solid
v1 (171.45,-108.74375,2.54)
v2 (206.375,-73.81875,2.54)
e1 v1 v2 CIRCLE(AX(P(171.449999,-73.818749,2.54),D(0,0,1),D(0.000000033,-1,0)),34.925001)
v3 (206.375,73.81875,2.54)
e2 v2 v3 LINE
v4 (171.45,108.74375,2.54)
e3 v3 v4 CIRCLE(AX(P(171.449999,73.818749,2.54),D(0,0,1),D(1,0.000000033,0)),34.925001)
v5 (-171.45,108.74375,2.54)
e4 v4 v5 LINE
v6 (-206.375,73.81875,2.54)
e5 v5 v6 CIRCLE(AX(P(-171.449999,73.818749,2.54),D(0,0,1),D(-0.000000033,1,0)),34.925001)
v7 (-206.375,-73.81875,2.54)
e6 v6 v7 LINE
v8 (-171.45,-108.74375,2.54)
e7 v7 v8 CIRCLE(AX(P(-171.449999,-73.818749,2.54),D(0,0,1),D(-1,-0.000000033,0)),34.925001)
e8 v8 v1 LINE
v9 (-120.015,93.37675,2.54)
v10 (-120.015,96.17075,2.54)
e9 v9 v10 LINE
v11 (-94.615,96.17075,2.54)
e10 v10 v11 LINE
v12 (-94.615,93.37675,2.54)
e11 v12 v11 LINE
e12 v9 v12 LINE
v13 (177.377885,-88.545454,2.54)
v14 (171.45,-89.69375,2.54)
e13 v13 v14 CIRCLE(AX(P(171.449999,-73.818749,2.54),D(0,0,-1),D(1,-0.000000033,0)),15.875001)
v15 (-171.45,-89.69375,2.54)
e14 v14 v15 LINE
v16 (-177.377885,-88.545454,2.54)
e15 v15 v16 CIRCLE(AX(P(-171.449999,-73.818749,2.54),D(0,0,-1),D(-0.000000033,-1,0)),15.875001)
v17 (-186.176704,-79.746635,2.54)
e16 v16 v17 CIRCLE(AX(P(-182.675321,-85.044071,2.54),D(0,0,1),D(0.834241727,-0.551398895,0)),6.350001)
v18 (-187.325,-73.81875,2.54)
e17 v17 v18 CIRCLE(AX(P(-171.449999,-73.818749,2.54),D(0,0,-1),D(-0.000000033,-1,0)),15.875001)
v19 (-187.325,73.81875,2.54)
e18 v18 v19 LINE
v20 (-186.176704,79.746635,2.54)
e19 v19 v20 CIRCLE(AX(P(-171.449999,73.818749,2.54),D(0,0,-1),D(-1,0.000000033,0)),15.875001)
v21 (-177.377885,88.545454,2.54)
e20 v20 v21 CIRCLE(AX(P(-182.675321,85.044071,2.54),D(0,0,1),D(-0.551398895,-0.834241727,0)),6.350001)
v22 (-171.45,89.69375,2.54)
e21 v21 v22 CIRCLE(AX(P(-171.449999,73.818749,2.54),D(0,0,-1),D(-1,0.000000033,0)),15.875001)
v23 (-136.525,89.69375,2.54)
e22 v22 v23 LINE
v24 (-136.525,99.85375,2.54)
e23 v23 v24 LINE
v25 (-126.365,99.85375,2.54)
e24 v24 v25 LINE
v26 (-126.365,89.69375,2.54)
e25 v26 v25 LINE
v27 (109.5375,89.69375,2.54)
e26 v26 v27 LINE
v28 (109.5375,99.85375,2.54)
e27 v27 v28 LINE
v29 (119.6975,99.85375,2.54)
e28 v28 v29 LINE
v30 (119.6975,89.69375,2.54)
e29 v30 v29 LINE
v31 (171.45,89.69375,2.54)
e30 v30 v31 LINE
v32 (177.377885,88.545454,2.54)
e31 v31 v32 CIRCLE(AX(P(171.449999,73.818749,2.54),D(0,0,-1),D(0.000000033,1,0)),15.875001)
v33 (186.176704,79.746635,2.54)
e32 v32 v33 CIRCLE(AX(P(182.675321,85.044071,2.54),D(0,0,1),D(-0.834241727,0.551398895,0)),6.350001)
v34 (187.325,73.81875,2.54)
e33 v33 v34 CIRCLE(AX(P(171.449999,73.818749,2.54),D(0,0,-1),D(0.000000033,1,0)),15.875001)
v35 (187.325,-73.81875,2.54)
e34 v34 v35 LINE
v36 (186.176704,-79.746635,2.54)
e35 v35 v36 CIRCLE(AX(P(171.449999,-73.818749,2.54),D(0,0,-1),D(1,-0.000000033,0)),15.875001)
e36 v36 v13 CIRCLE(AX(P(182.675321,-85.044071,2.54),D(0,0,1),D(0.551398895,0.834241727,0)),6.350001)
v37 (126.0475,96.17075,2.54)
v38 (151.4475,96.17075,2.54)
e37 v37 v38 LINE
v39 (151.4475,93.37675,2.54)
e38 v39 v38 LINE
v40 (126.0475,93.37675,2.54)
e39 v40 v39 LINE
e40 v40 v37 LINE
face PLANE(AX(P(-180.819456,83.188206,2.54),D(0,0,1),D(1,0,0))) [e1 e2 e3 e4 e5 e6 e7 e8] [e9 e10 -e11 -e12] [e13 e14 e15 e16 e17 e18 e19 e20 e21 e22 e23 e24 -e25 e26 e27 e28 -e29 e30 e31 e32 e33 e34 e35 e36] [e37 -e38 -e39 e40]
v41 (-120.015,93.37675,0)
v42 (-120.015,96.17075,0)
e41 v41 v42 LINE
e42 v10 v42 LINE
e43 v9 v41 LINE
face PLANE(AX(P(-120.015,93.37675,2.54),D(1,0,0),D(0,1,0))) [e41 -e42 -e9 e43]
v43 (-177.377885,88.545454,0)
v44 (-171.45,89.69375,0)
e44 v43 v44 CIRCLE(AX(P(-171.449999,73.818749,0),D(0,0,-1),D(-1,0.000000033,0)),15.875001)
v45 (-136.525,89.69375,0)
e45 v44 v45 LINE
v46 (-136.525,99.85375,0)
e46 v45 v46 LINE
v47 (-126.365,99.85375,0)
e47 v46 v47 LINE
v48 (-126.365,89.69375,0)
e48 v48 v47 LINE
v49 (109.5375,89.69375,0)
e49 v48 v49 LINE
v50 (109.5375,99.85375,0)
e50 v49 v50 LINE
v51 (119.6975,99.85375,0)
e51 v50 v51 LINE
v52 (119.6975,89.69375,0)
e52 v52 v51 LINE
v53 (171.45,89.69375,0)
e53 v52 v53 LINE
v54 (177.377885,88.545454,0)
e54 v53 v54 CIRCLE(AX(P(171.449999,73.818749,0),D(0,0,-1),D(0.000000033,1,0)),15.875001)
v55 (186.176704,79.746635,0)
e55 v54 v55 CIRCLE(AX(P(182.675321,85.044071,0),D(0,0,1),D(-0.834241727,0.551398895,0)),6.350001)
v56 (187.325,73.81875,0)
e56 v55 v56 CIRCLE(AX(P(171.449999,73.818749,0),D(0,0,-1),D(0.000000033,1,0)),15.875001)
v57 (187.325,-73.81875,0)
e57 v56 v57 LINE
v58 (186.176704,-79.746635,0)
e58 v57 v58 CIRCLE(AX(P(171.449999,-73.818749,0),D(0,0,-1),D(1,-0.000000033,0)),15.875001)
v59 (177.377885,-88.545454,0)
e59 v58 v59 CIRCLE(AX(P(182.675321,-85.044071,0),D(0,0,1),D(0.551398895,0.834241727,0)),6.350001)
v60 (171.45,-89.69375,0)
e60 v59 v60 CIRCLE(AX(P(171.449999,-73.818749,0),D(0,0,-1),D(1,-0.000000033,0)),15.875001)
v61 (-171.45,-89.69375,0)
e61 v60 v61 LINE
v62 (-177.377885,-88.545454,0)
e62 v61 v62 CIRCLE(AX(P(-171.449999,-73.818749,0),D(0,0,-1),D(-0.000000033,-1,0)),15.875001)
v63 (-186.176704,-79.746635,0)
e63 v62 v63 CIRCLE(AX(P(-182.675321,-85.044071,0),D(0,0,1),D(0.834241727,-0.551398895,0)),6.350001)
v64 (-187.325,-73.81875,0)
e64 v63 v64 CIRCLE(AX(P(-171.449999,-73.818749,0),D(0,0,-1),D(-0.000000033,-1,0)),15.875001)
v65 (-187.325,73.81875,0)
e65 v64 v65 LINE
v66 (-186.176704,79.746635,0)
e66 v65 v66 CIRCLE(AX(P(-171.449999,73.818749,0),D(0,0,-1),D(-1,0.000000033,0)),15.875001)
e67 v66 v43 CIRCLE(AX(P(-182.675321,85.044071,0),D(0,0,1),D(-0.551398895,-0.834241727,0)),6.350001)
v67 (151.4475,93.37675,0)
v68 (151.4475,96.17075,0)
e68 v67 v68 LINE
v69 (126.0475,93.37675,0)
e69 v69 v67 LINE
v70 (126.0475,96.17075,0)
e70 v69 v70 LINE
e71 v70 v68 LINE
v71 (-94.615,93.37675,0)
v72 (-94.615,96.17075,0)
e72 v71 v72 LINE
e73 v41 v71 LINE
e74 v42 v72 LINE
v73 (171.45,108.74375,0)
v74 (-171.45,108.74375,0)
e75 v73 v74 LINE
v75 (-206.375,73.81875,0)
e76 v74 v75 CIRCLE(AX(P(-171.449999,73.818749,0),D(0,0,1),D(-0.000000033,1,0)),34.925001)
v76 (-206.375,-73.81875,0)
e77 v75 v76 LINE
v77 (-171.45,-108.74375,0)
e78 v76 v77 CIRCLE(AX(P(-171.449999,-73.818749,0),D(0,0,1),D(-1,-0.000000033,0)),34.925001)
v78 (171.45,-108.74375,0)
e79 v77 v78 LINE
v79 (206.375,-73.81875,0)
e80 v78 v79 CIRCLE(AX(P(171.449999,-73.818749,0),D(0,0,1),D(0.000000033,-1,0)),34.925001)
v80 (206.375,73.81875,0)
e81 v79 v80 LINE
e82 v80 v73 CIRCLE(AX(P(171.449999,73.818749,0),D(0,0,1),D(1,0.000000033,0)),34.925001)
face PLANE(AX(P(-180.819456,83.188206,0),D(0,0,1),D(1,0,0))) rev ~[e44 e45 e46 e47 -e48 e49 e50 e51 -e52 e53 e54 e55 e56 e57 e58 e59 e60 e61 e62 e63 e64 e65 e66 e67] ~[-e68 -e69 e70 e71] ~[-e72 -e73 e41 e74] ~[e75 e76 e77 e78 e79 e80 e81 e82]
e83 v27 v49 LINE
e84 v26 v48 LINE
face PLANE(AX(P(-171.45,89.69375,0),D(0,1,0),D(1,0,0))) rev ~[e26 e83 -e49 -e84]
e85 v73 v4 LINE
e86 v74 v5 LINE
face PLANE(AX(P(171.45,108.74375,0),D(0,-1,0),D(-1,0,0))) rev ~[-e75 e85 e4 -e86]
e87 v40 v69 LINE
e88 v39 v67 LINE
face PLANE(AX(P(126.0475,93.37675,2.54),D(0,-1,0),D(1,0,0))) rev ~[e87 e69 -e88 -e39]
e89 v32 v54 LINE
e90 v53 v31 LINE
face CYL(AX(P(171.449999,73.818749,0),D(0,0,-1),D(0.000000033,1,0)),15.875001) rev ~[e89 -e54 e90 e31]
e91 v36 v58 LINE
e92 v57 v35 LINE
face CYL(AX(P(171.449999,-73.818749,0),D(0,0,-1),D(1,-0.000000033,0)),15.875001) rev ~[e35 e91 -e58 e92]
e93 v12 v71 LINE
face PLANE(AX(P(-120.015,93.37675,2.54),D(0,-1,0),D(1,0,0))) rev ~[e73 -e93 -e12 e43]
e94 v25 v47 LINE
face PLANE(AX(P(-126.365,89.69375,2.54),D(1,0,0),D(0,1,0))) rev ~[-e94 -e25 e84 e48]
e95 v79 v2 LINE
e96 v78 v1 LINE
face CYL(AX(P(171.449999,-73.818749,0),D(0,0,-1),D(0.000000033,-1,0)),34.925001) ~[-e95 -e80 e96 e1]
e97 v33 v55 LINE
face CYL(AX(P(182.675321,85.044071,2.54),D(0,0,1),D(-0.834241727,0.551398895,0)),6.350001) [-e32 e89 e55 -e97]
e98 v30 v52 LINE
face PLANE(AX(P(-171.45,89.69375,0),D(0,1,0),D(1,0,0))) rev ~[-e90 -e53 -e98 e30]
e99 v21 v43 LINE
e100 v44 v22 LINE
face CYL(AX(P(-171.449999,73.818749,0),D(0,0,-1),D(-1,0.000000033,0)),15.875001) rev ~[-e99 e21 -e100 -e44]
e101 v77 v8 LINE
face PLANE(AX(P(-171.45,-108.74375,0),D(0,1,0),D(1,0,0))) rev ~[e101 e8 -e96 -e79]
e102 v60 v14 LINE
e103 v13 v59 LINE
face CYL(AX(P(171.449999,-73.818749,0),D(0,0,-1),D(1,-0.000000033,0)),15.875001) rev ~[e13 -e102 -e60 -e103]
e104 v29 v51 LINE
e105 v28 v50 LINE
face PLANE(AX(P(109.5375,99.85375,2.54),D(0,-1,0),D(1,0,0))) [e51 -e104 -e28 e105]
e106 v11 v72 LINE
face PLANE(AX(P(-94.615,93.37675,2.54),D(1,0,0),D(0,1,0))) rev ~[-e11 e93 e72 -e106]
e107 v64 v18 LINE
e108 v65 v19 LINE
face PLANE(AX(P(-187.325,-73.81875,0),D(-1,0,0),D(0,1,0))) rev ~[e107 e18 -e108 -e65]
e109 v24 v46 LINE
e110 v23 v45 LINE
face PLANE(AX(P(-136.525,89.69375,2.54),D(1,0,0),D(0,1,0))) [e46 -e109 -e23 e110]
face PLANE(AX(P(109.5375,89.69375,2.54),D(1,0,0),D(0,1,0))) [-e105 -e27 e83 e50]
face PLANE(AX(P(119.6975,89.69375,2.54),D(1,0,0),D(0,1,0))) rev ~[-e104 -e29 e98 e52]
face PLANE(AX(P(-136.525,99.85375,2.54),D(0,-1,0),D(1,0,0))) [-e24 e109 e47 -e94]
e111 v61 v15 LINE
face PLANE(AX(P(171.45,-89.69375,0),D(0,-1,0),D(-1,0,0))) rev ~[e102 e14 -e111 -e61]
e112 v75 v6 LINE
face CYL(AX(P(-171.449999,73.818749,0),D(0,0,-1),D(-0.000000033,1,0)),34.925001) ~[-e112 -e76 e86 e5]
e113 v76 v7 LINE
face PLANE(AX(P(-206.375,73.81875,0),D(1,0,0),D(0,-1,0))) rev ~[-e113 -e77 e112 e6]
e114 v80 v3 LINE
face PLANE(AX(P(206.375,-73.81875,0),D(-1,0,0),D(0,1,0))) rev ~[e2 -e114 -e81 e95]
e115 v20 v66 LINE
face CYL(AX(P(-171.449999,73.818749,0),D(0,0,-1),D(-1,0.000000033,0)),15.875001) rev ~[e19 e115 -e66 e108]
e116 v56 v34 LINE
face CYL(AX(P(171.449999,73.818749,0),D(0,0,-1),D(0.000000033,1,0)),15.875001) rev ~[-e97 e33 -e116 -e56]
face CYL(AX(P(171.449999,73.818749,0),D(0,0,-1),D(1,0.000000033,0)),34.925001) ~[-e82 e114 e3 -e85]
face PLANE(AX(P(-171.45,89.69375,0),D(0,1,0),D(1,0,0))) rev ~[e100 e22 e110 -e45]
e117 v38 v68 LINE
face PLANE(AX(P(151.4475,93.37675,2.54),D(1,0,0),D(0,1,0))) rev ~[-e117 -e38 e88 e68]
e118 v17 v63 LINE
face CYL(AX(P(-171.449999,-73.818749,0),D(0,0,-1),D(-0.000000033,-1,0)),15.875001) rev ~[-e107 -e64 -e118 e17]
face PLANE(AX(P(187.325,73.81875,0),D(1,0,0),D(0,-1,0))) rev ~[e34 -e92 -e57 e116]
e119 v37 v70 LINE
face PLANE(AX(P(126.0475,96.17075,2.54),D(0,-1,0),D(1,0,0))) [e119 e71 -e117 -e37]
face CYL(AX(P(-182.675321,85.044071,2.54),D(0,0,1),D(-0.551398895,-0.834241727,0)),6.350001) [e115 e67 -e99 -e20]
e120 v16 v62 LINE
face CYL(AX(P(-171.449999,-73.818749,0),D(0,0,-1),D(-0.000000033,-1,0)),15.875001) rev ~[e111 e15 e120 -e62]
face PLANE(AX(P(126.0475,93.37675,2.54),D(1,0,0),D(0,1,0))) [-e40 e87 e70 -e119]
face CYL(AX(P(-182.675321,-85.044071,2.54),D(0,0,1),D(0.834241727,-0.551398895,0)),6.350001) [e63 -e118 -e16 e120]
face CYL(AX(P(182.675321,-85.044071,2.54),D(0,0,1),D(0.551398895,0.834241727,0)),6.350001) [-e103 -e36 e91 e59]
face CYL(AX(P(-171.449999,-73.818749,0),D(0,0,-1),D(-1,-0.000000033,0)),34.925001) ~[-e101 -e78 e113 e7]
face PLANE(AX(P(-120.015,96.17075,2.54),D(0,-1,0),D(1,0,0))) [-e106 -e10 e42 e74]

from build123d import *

# Parameters (mm, degrees)
F1_DEPTH = 2.54
F2_W     = 10.16
F2_H     = 10.16
F3_DEPTH = 2.54
F5_DEPTH = 2.54
F6_W     = 25.4
F6_H     = 2.794
F7_DEPTH = 25.4


with BuildPart() as f1:
    # F0 (on Top) → F1 (new body)
    with BuildSketch(Plane.XY):
        with BuildLine():
            Line((206.375, -73.81875), (206.375, 73.81875))
            ThreePointArc((206.375, 73.81875), (196.145704, 98.514454), (171.45, 108.74375))
            Line((171.45, 108.74375), (-171.45, 108.74375))
            ThreePointArc((-171.45, 108.74375), (-196.145704, 98.514454), (-206.375, 73.81875))
            Line((-206.375, 73.81875), (-206.375, -73.81875))
            ThreePointArc((-206.375, -73.81875), (-196.145704, -98.514454), (-171.45, -108.74375))
            Line((-171.45, -108.74375), (171.45, -108.74375))
            ThreePointArc((171.45, -108.74375), (196.145704, -98.514454), (206.375, -73.81875))
        make_face()
        with BuildLine():
            ThreePointArc((187.325, -73.81875), (182.67532, -85.04407), (171.45, -89.69375))
            Line((171.45, -89.69375), (-171.45, -89.69375))
            ThreePointArc((-171.45, -89.69375), (-182.67532, -85.04407), (-187.325, -73.81875))
            Line((-187.325, -73.81875), (-187.325, 73.81875))
            ThreePointArc((-187.325, 73.81875), (-182.67532, 85.04407), (-171.45, 89.69375))
            Line((-171.45, 89.69375), (171.45, 89.69375))
            ThreePointArc((171.45, 89.69375), (182.67532, 85.04407), (187.325, 73.81875))
            Line((187.325, 73.81875), (187.325, -73.81875))
        make_face(mode=Mode.SUBTRACT)
    extrude(amount=F1_DEPTH)

    # F2 (on face) → F3 (cut, through all)
    with BuildSketch(Plane.XY.offset(2.54)):
        with Locations((-131.445, 94.77375)):
            Rectangle(F2_W, F2_H)
        with Locations((114.6175, 94.77375)):
            Rectangle(F2_W, F2_H)
    extrude(amount=-F3_DEPTH, mode=Mode.SUBTRACT)

    # F4 (on face) → F5 (join, through all)
    with BuildSketch(Plane.XY.offset(2.54)):
        with BuildLine():
            ThreePointArc((-186.176704, 79.746635), (-178.185192, 80.553942), (-177.377885, 88.545454))
            ThreePointArc((-177.377885, 88.545454), (-182.67532, 85.04407), (-186.176704, 79.746635))
        make_face()
        with BuildLine():
            ThreePointArc((186.176704, 79.746635), (182.67532, 85.04407), (177.377885, 88.545454))
            ThreePointArc((177.377885, 88.545454), (178.185192, 80.553942), (186.176704, 79.746635))
        make_face()
        with BuildLine():
            ThreePointArc((186.176704, -79.746635), (178.185192, -80.553942), (177.377885, -88.545454))
            ThreePointArc((177.377885, -88.545454), (182.67532, -85.04407), (186.176704, -79.746635))
        make_face()
        with BuildLine():
            ThreePointArc((-177.377885, -88.545454), (-178.185192, -80.553942), (-186.176704, -79.746635))
            ThreePointArc((-186.176704, -79.746635), (-182.67532, -85.04407), (-177.377885, -88.545454))
        make_face()
    extrude(amount=-F5_DEPTH)

    # F6 (on face) → F7 (cut)
    with BuildSketch(Plane.XY.offset(2.54)):
        with Locations((-107.315, 94.77375)):
            Rectangle(F6_W, F6_H)
        with Locations((138.7475, 94.77375)):
            Rectangle(F6_W, F6_H)
    extrude(amount=-F7_DEPTH, mode=Mode.SUBTRACT)


solid = f1.part
